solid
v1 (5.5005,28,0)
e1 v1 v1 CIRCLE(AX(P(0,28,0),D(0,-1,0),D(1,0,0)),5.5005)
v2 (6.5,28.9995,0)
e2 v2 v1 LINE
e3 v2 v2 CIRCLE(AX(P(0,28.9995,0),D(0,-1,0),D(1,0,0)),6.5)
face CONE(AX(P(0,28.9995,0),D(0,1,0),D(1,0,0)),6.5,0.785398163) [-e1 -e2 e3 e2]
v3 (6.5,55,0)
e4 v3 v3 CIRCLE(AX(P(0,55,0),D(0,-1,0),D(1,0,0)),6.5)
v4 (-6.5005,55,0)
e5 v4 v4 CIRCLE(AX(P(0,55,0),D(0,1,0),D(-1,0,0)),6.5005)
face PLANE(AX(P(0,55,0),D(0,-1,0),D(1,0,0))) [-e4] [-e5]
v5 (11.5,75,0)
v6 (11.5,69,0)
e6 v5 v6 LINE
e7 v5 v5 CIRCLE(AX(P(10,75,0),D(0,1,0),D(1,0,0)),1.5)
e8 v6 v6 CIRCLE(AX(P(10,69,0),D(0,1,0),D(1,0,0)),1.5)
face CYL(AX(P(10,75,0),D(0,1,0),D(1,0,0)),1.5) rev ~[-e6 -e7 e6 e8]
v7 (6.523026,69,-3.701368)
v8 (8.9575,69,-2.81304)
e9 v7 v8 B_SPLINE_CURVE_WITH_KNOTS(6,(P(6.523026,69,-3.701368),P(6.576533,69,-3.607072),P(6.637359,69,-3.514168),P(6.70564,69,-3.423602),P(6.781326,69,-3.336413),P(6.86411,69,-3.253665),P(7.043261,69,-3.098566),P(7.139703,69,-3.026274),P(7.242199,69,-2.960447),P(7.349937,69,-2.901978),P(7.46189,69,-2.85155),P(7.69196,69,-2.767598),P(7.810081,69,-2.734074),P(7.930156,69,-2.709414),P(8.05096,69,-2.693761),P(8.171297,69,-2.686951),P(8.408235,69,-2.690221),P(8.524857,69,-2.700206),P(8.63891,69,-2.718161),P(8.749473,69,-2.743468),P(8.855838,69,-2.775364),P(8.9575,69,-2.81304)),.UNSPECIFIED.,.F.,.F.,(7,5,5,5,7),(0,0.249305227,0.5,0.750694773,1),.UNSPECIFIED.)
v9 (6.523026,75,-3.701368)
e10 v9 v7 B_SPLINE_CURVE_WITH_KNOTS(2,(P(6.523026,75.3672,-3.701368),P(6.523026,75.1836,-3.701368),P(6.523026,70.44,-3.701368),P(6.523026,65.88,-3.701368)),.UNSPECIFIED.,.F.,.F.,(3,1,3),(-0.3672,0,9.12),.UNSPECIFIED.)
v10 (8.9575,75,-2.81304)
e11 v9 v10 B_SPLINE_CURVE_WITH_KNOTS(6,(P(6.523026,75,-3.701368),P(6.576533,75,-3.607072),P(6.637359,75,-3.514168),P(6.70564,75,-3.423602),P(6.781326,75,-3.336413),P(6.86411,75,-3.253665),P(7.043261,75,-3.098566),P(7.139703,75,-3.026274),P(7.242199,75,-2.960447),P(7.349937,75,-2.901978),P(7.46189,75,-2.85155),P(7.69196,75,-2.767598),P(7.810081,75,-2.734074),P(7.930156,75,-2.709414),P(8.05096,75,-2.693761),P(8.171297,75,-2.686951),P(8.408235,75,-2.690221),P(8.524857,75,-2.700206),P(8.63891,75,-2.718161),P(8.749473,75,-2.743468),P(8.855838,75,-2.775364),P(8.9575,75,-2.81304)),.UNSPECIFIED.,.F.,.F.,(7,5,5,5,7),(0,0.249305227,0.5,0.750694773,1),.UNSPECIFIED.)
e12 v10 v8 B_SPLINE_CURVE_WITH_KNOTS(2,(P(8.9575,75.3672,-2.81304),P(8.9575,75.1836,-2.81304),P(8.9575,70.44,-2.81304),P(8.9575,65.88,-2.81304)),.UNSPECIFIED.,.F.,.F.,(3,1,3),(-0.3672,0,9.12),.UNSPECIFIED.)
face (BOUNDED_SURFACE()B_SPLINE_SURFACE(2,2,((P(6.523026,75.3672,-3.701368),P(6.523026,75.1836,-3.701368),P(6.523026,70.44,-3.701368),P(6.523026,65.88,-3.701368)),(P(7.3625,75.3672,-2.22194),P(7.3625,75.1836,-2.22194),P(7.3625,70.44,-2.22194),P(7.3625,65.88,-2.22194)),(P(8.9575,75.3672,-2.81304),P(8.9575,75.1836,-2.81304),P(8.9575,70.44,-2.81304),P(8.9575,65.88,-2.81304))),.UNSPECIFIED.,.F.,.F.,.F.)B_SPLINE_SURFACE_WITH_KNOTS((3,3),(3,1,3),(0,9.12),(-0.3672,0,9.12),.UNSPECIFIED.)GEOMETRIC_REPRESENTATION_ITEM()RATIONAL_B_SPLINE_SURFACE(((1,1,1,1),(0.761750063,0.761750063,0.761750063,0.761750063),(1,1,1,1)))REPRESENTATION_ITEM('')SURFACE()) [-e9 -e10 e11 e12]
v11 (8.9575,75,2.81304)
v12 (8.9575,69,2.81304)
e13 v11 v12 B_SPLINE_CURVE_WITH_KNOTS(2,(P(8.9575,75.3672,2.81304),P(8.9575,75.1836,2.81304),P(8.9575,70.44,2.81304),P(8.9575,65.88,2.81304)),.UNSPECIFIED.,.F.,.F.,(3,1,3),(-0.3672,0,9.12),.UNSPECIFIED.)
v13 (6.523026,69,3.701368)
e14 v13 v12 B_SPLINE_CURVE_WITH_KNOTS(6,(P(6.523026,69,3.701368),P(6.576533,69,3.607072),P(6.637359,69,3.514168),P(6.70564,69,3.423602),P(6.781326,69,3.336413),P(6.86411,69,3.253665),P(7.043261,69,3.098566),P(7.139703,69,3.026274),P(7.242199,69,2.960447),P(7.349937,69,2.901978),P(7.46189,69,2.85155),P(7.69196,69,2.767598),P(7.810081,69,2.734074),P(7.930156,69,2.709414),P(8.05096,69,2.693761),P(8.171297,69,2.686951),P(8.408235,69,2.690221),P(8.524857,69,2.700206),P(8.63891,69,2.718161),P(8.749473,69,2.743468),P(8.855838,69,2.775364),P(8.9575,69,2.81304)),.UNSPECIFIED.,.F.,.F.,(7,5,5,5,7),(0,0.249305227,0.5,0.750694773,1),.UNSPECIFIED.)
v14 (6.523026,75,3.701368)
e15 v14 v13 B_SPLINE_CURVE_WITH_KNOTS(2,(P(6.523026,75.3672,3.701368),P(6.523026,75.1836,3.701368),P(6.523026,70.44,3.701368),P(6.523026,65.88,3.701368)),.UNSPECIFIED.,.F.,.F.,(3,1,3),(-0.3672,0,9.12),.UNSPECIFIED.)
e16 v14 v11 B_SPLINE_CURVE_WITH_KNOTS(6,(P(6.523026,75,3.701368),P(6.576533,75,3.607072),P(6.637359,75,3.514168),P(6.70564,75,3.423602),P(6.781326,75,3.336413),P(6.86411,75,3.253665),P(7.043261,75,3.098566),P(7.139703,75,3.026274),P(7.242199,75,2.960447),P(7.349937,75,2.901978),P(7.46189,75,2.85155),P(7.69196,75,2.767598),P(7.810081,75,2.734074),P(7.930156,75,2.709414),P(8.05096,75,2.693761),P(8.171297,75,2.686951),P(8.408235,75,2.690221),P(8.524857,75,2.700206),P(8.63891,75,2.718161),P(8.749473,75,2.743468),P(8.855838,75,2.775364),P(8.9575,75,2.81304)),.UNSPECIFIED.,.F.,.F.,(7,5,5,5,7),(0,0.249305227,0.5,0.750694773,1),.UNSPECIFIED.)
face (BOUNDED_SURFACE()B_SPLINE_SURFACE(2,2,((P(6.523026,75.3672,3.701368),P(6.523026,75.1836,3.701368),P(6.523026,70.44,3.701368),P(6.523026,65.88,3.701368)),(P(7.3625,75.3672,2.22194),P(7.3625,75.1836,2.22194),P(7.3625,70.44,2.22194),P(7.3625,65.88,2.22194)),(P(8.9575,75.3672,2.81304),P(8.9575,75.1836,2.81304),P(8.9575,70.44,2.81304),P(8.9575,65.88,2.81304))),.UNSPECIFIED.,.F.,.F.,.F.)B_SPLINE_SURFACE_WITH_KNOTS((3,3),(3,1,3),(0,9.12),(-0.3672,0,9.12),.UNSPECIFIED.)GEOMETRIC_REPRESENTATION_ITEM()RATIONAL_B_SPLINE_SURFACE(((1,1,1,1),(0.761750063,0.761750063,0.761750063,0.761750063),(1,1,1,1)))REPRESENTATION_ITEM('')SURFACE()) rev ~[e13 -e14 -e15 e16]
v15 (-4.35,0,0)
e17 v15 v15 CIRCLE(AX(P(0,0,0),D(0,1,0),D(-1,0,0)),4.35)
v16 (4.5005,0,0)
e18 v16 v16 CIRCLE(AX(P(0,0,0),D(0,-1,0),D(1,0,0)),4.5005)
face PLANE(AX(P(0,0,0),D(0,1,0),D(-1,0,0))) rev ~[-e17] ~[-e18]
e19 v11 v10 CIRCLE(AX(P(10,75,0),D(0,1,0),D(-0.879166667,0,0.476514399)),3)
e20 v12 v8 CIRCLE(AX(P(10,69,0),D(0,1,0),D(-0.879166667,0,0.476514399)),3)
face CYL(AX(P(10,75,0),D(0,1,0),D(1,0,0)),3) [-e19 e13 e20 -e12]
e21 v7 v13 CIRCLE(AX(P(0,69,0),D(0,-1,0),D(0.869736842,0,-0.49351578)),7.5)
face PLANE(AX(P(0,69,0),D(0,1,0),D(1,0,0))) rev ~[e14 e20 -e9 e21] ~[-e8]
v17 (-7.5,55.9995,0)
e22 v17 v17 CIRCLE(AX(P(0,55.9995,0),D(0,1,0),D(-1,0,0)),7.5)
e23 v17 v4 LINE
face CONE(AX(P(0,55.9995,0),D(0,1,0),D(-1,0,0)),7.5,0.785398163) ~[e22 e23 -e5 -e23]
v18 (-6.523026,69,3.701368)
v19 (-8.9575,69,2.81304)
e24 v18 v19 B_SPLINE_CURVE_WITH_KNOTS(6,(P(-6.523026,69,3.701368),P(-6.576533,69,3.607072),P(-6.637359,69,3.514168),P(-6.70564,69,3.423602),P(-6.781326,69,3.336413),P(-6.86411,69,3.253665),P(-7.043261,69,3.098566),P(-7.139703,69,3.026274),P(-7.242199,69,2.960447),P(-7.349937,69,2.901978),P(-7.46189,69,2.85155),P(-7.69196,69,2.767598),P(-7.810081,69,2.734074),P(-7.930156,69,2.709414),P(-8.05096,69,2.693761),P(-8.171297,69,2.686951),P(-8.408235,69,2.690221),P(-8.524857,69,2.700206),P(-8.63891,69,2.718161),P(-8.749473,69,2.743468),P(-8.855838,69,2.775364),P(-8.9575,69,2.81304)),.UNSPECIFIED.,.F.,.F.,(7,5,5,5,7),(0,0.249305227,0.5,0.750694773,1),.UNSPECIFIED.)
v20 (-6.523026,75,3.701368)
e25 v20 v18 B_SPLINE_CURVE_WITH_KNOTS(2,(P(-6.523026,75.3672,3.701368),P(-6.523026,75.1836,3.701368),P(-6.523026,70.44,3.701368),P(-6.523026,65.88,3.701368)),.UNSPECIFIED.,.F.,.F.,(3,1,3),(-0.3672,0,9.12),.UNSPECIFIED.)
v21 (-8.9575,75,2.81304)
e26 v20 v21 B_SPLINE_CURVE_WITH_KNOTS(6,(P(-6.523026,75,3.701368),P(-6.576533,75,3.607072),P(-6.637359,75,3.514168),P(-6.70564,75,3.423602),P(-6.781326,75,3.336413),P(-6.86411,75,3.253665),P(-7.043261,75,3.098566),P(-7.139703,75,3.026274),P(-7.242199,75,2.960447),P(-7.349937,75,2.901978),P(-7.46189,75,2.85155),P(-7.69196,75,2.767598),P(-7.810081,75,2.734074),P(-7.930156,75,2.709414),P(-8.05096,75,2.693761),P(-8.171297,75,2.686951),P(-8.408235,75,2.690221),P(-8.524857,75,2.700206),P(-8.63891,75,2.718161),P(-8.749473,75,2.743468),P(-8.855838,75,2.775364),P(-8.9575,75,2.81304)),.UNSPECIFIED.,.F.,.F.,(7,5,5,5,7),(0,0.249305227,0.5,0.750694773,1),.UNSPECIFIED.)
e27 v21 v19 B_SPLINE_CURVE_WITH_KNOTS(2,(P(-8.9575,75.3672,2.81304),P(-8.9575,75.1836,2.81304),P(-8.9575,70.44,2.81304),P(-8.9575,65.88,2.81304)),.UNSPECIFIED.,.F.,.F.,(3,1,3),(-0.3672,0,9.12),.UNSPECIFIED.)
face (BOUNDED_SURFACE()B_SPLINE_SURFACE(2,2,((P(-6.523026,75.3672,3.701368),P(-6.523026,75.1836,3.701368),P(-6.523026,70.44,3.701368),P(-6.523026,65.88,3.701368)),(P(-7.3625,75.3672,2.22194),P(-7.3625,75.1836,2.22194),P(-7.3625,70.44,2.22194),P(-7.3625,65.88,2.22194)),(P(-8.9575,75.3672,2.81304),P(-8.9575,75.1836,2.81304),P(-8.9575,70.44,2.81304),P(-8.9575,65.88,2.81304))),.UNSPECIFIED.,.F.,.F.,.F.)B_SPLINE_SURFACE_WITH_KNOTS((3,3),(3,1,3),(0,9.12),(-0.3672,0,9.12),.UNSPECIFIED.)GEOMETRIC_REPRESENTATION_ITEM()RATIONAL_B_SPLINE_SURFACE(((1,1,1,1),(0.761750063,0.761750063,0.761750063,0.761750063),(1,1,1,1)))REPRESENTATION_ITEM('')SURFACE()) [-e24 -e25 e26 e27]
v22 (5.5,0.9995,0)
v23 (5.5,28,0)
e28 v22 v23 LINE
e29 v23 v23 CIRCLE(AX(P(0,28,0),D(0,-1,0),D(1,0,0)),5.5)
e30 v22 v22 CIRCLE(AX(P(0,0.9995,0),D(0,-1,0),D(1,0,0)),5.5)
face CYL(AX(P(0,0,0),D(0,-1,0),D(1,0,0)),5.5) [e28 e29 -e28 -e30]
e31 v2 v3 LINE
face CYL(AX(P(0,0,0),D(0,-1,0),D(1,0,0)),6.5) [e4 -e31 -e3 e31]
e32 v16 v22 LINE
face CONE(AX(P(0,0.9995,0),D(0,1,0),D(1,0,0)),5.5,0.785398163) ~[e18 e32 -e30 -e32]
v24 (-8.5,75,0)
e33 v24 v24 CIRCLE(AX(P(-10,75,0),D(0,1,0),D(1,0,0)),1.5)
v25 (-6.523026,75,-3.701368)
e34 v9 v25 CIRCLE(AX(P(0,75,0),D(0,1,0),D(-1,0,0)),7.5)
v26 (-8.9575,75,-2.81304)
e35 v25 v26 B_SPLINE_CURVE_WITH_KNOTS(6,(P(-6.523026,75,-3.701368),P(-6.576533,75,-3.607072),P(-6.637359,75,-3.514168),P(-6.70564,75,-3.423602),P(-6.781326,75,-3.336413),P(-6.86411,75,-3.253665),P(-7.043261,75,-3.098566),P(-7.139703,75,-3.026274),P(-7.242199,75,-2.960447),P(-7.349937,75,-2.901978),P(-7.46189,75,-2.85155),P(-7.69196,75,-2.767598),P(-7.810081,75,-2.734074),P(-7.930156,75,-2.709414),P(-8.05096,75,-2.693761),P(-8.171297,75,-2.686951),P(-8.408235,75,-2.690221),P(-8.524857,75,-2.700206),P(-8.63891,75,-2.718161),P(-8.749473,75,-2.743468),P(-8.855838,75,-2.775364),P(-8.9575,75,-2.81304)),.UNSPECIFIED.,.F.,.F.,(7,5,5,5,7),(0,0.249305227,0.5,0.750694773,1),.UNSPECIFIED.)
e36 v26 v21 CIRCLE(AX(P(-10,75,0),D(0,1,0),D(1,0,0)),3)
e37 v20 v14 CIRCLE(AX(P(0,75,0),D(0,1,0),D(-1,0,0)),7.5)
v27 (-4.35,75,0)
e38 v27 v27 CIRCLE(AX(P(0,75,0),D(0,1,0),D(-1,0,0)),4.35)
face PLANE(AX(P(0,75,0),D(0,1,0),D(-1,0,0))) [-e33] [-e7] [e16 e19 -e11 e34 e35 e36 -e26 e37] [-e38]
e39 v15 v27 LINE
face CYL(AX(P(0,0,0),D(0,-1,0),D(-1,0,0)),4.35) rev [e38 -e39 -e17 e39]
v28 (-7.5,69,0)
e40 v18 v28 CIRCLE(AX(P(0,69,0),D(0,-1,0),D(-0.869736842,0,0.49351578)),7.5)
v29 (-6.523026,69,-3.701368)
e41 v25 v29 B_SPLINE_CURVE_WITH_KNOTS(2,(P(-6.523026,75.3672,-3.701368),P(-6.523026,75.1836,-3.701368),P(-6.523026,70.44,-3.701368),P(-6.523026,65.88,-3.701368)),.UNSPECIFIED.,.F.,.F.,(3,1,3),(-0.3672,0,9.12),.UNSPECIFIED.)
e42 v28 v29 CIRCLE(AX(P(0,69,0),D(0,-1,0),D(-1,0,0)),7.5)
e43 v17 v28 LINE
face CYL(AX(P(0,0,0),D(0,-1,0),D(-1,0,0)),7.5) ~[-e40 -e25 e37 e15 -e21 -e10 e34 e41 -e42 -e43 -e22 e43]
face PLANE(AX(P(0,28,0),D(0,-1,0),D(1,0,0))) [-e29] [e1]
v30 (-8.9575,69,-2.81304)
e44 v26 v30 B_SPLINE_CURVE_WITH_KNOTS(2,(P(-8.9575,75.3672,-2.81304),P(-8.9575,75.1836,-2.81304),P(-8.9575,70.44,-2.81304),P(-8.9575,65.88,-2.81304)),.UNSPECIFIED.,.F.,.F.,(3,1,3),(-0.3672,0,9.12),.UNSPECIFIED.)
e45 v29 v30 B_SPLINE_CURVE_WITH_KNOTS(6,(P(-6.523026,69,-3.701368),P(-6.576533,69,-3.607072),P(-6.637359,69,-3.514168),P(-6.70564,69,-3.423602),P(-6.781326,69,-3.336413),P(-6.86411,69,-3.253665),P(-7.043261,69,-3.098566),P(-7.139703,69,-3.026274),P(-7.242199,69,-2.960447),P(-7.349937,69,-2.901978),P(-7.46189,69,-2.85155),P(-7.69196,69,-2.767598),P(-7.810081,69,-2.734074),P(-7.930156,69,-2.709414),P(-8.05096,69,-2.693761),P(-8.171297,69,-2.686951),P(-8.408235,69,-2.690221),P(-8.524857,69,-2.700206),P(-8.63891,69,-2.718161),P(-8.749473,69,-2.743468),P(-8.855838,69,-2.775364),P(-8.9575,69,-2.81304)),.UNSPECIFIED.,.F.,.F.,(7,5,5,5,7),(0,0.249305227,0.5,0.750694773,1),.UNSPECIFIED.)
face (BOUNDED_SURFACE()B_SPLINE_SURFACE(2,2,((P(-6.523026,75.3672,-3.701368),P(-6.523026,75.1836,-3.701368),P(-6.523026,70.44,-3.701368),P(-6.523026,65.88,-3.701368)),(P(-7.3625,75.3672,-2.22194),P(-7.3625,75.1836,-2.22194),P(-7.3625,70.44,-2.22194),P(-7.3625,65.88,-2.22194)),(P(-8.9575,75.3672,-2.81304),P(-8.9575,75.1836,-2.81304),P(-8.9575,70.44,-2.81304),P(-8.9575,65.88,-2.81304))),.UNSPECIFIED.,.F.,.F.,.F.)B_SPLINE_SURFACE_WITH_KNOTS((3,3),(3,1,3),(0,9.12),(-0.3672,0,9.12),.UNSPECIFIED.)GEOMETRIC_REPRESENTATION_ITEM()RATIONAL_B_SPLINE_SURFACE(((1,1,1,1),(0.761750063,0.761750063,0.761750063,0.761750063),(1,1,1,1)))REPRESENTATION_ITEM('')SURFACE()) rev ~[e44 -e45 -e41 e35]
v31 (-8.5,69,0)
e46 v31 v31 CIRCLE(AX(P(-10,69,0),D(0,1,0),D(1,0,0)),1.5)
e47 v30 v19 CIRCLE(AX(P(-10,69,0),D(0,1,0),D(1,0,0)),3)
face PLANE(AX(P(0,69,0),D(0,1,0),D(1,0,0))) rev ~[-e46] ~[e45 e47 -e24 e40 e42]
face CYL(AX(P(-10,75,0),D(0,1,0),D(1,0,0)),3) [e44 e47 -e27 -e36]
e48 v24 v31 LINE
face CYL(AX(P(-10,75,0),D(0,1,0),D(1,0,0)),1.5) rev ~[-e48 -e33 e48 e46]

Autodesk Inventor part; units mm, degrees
ref_plane "YZ Plane" through (0, 0, 0) normal (1, 0, 0) x (0, 1, 0)
ref_plane "XZ Plane" through (0, 0, 0) normal (0, 1, 0) x (-1, 0, 0)
ref_plane "XY Plane" through (0, 0, 0) normal (0, 0, 1) x (1, 0, 0)
sketch "Sketch1" plane through (0, 0, 0) normal (0, 1, 0) x (-1, 0, 0)
  circle A0 centre (0, 0) radius 4.35
  circle A1 centre (0, 0) radius 7.5
  dimension "d0" = 8.7
  dimension "d4" = 15
extrude "Extrusion1" add sketch "Sketch1" along normal blind 75
sketch "Sketch2" plane through (0, 75, 0) normal (0, 1, 0) x (1, 0, 0)
  circle A0 centre (-10, 0) radius 1.5
  circle A1 centre (10, 0) radius 1.5
  circle A2 centre (-10, 0) radius 3
  circle A3 centre (10, 0) radius 3
  point P0 (0, 0)
  dimension "d8" = 3
  dimension "d9" = 20
  dimension "d10" = 10
  dimension "d11" = 6
extrude "Extrusion2" add sketch "Sketch2" against normal blind 6
fillet "Fillet1" radius 2 4 edges at (-7.3625, 72, -1.4295) (-7.3625, 72, 1.4295) (7.3625, 72, -1.4295) (7.3625, 72, 1.4295)
sketch "Sketch3" plane through (0, 0, 0) normal (0, -1, 0) x (1, 0, 0)
  circle A0 centre (0, 0) radius 6.5
  circle A1 centre (0, 0) radius 6.5
  circle A2 centre (0, 0) radius 7.5
  circle A3 centre (0, 0) radius 7.5 projected
  dimension "d15" = 13
extrude "Extrusion3" cut sketch "Sketch3" against normal blind 55
sketch "Sketch4" plane through (0, 0, 0) normal (0, -1, 0) x (1, 0, 0)
  circle A0 centre (0, 0) radius 5.5
  circle A1 centre (0, 0) radius 6.5
  circle A2 centre (0, 0) radius 6.5 projected
  dimension "d18" = 11
extrude "Extrusion4" cut sketch "Sketch4" against normal blind 28
chamfer "Chamfer2" distance 1 angle 45 3 edges at (7.5, 55, 0) (-6.5, 28, 0) (-5.5, 0, 0)
properties part number "Spacer"
